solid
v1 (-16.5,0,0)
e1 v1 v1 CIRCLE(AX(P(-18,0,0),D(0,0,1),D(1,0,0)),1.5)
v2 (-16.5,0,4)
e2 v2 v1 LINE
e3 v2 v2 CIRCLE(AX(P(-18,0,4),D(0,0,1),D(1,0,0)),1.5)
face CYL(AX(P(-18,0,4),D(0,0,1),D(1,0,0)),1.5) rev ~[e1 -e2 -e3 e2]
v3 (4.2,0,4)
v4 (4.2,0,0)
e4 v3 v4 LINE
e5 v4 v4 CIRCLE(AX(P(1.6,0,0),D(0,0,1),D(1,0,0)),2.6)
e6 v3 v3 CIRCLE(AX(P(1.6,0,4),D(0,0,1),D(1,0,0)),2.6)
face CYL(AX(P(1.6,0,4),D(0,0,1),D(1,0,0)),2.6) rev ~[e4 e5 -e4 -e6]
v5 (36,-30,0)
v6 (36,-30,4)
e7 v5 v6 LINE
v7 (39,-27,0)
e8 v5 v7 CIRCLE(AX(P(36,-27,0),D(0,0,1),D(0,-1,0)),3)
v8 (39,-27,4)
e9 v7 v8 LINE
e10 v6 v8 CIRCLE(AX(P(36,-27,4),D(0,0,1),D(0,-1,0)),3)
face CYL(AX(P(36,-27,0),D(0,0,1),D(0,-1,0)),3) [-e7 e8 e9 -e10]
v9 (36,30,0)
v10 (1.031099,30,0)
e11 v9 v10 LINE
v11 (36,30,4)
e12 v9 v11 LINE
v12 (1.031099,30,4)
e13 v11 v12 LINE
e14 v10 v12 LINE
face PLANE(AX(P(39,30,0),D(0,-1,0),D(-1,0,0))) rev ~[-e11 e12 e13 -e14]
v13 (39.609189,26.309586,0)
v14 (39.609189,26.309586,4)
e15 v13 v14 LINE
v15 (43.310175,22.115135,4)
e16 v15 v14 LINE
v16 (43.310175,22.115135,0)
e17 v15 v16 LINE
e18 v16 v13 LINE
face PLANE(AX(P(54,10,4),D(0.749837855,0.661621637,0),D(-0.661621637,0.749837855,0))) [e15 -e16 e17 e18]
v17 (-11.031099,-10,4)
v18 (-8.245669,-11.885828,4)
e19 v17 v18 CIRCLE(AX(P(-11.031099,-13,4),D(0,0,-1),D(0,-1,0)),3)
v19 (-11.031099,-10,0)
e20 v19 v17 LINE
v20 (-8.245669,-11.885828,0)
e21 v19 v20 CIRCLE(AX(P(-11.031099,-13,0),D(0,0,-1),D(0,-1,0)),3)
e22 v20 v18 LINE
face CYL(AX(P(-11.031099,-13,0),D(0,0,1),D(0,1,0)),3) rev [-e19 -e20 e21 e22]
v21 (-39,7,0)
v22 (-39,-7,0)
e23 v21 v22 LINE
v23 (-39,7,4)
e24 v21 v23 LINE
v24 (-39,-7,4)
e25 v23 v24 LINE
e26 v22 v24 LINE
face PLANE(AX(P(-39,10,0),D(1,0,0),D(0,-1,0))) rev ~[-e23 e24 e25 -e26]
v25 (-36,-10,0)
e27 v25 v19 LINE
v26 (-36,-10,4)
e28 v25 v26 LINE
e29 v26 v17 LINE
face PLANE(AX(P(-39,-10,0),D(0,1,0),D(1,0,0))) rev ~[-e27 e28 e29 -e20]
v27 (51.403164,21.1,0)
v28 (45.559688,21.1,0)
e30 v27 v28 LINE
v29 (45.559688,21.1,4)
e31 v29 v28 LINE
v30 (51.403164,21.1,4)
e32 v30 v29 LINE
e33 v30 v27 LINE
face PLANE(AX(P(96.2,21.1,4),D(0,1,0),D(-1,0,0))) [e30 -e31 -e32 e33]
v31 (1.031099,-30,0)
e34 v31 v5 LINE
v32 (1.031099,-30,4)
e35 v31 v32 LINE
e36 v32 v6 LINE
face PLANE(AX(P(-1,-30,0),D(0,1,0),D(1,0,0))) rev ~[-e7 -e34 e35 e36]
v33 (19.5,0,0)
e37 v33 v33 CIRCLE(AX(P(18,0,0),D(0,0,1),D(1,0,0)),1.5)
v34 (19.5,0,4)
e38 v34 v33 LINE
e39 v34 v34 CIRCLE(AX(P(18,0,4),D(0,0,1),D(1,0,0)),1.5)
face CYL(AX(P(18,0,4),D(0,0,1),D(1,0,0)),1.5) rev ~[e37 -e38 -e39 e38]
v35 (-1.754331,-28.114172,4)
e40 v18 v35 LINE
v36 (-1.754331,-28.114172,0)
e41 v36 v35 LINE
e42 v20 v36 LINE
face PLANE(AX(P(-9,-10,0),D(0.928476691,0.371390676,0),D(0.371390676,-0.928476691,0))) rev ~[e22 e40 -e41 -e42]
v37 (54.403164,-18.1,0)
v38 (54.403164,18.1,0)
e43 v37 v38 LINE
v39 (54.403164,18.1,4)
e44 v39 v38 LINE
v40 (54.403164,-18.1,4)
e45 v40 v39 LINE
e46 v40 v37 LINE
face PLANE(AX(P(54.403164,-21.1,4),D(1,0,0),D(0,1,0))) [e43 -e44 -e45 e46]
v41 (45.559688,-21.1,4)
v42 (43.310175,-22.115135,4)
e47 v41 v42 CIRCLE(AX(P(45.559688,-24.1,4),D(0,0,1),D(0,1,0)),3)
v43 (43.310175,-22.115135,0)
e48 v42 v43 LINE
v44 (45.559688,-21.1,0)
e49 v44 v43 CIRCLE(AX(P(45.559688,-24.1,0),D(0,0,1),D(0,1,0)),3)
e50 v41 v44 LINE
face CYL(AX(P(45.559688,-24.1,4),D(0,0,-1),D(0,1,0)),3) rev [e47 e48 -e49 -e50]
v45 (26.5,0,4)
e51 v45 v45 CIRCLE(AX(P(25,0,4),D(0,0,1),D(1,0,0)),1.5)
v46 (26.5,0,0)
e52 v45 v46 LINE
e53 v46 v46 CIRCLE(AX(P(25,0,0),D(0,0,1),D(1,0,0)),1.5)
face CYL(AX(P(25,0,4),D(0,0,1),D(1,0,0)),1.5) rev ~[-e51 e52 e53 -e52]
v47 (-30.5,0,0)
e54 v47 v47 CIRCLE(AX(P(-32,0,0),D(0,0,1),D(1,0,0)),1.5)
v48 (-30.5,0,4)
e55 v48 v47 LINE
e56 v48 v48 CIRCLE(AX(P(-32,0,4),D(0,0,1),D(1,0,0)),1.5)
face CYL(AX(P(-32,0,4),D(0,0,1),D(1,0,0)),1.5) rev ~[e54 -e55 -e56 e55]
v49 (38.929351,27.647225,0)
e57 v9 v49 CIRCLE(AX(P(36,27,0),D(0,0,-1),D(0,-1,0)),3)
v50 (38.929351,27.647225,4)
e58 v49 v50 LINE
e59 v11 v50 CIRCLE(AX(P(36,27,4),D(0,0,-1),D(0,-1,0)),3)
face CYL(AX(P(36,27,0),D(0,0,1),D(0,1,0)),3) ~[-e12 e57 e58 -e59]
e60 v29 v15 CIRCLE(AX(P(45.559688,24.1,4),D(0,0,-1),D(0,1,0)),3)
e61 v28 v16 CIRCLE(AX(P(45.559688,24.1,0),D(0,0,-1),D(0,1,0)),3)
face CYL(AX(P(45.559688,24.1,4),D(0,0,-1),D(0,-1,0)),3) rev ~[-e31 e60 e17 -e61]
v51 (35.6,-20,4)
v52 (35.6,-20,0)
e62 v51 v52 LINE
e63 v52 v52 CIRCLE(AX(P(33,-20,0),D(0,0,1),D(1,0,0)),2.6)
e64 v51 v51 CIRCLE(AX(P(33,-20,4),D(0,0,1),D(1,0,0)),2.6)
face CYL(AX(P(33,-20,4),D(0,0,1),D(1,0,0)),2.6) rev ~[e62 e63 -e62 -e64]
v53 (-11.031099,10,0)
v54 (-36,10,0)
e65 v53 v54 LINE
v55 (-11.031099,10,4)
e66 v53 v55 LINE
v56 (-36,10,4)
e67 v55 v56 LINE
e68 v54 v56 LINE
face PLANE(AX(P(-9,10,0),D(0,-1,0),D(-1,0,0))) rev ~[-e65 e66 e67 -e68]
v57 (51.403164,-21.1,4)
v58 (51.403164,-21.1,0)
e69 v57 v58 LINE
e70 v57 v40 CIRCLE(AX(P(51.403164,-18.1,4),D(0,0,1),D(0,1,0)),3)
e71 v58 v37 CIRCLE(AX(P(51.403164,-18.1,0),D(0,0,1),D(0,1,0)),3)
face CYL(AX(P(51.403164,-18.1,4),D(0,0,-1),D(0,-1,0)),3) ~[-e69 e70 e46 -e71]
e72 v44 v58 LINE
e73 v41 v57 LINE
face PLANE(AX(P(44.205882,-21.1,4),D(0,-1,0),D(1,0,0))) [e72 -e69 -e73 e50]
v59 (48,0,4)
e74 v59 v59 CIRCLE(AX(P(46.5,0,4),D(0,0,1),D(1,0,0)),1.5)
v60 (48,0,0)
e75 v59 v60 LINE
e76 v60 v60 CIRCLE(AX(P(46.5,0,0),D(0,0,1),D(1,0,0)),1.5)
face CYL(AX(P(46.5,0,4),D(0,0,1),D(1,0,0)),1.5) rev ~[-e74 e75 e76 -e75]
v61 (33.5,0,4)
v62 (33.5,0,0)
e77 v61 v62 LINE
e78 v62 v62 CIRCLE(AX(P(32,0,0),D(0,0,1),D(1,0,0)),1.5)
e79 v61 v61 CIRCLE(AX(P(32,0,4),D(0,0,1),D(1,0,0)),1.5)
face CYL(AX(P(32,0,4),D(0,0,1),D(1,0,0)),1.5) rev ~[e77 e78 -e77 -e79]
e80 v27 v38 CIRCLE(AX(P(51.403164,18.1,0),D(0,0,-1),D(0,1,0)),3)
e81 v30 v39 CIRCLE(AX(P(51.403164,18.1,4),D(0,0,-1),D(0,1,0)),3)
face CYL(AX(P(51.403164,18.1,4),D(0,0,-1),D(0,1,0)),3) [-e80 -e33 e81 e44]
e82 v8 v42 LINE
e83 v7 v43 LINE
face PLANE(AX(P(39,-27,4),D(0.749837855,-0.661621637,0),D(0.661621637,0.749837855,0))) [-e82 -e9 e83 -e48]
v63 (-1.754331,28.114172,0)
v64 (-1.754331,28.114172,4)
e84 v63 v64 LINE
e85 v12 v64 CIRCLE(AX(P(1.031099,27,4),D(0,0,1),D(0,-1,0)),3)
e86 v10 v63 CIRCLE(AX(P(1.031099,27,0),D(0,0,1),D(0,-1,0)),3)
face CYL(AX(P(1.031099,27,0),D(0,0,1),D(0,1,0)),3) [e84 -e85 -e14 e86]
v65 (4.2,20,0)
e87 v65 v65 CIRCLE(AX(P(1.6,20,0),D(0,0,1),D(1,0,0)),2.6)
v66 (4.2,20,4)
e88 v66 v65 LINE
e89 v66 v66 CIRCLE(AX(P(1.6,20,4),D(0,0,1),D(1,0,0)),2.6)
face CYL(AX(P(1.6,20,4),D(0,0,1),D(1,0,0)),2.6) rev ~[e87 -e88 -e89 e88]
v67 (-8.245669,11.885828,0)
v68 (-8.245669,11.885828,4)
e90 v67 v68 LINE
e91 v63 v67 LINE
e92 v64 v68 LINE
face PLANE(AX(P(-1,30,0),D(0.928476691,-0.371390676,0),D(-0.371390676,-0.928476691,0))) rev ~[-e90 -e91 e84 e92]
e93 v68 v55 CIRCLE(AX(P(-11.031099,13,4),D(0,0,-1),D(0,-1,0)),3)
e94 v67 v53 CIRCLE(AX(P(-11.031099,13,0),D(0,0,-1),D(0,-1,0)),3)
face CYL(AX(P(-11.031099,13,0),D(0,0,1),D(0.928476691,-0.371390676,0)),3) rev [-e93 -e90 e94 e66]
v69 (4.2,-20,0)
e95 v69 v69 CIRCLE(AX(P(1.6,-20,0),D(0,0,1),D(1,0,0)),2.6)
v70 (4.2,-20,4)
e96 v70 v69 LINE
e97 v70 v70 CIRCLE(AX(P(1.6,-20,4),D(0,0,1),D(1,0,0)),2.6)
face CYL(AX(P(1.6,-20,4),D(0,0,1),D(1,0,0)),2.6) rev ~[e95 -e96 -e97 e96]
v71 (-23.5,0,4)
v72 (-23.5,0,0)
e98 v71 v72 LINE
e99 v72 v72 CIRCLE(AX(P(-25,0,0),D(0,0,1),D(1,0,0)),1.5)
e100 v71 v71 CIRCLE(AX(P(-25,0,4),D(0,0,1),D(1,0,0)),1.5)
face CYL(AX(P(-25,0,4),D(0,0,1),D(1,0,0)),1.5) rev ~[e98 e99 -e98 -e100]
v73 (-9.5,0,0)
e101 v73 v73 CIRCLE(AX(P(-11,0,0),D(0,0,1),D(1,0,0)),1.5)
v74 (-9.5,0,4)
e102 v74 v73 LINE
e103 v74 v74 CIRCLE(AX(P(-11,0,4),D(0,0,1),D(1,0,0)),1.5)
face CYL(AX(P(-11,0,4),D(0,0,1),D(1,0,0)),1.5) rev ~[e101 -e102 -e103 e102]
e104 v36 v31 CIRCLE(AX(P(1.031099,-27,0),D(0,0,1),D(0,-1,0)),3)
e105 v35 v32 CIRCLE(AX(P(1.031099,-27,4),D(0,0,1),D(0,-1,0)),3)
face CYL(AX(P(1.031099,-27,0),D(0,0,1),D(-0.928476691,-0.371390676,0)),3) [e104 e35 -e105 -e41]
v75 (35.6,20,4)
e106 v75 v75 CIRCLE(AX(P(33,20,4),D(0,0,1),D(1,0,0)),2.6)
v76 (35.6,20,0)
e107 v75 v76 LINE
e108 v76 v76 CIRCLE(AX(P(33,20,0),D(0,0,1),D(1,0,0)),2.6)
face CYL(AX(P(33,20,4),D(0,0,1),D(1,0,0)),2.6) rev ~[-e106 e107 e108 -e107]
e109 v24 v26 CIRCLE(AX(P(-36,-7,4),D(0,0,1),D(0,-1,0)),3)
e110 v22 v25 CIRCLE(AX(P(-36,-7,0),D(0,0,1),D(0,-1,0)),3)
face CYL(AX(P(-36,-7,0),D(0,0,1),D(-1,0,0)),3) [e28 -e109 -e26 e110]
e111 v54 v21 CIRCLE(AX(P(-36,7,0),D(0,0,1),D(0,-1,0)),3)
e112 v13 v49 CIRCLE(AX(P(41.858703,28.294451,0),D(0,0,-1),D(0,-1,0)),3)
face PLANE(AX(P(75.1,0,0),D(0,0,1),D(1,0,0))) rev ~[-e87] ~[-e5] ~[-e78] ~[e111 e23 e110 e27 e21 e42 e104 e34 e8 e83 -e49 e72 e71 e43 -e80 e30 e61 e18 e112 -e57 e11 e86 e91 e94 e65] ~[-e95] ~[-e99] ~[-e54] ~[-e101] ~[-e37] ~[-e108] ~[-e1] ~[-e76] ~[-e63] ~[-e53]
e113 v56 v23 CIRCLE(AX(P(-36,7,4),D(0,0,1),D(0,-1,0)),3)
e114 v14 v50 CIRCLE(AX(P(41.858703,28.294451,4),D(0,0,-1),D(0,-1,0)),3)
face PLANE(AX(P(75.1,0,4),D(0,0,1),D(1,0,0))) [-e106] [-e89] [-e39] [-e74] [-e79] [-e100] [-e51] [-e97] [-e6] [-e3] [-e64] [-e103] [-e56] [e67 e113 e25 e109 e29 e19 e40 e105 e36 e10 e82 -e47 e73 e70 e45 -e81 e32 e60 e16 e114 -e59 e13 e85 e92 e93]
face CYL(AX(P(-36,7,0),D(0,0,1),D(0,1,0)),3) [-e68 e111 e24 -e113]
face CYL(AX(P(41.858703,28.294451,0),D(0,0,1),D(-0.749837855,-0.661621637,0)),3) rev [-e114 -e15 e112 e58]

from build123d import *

# Parameters (mm, degrees)
BOSS_EXTRUDE1_DEPTH = 4
FILLET1_R           = 3
SKETCH3_R           = 2.6
CUT_EXTRUDE1_DEPTH  = 4
SKETCH4_R           = 1.5
CUT_EXTRUDE2_DEPTH  = 4
SKETCH5_W           = 15
SKETCH5_H           = 20
BOSS_EXTRUDE2_DEPTH = 4
BOSS_EXTRUDE3_DEPTH = 4
SKETCH7_R           = 1.5
CUT_EXTRUDE3_DEPTH  = 4
BOSS_EXTRUDE4_DEPTH = 4
SKETCH10_R          = 11.5
CUT_EXTRUDE4_DEPTH  = 4
SKETCH14_R          = 1.5
CUT_EXTRUDE5_DEPTH  = 4
FILLET2_R           = 3
SKETCH17_W          = 41.796836064
SKETCH17_H          = 42.2
CUT_EXTRUDE6_DEPTH  = 10
FILLET3_R           = 3


with BuildPart() as part:
    # Sketch1 → Boss-Extrude1 (new body)
    with BuildSketch(Plane.XY):
        Polygon((39, 10), (39, 30), (-1, 30), (-9, 10), (-39, 10), (-39, -10), (-9, -10), (-1, -30), (39, -30), (39, -10), align=None)
    extrude(amount=BOSS_EXTRUDE1_DEPTH)

    # Fillet1
    fillet1_edges = [part.edges().sort_by_distance(p)[0] for p in [
        (39, -30, 2),
        (-1, -30, 2),
        (-9, -10, 2),
        (-39, -10, 2),
        (-39, 10, 2),
        (-9, 10, 2),
        (-1, 30, 2),
        (39, 30, 2),
    ]]
    fillet(fillet1_edges, radius=FILLET1_R)

    # Sketch3 → Cut-Extrude1 (cut)
    with BuildSketch(Plane.XY.offset(4)):
        with Locations((33, 20)):
            Circle(SKETCH3_R)
        with Locations((1.6, 20)):
            Circle(SKETCH3_R)
        with Locations((33, -20)):
            Circle(SKETCH3_R)
        with Locations((1.6, -20)):
            Circle(SKETCH3_R)
        with Locations((1.6, 0)):
            Circle(SKETCH3_R)
    extrude(amount=-CUT_EXTRUDE1_DEPTH, mode=Mode.SUBTRACT)

    # Sketch4 → Cut-Extrude2 (cut)
    with BuildSketch(Plane.XY.offset(4)):
        with Locations((-32, 0)):
            Circle(SKETCH4_R)
        with Locations((-25, 0)):
            Circle(SKETCH4_R)
        with Locations((-18, 0)):
            Circle(SKETCH4_R)
        with Locations((-11, 0)):
            Circle(SKETCH4_R)
        with Locations((32, 0)):
            Circle(SKETCH4_R)
        with Locations((25, 0)):
            Circle(SKETCH4_R)
        with Locations((18, 0)):
            Circle(SKETCH4_R)
    extrude(amount=-CUT_EXTRUDE2_DEPTH, mode=Mode.SUBTRACT)

    # Sketch5 → Boss-Extrude2 (add)
    with BuildSketch(Plane.XY.offset(4)):
        with Locations((46.5, 0)):
            Rectangle(SKETCH5_W, SKETCH5_H)
    extrude(amount=-BOSS_EXTRUDE2_DEPTH)

    # Sketch6 → Boss-Extrude3 (add)
    with BuildSketch(Plane.XY.offset(4)):
        Polygon((39, 10), (54, 10), (39, 27), align=None)
        Polygon((54, -10), (39, -10), (39, -27), align=None)
    extrude(amount=-BOSS_EXTRUDE3_DEPTH)

    # Sketch7 → Cut-Extrude3 (cut)
    with BuildSketch(Plane.XY.offset(4)):
        with Locations((46.5, 0)):
            Circle(SKETCH7_R)
    extrude(amount=-CUT_EXTRUDE3_DEPTH, mode=Mode.SUBTRACT)

    # Sketch8 → Boss-Extrude4 (add)
    with BuildSketch(Plane.XY.offset(4)):
        Polygon((54, -10), (54, -21.1), (96.2, -21.1), (96.2, 21.1), (54, 21.1), (54, 10), align=None)
        Polygon((44.205882353, 21.1), (54, 10), (54, 21.1), align=None)
        Polygon((44.205882353, -21.1), (54, -21.1), (54, -10), align=None)
    extrude(amount=-BOSS_EXTRUDE4_DEPTH)

    # Sketch10 → Cut-Extrude4 (cut)
    with BuildSketch(Plane.XY.offset(4)):
        with Locations((74.8, 0)):
            Circle(SKETCH10_R)
    extrude(amount=-CUT_EXTRUDE4_DEPTH, mode=Mode.SUBTRACT)

    # Sketch14 → Cut-Extrude5 (cut)
    with BuildSketch(Plane.XY.offset(4)):
        with Locations((90.674547238, 15.874547238)):
            Circle(SKETCH14_R)
        with Locations((58.925452762, -15.874547238)):
            Circle(SKETCH14_R)
        with Locations((58.925452762, 15.874547238)):
            Circle(SKETCH14_R)
        with Locations((90.674547238, -15.874547238)):
            Circle(SKETCH14_R)
    extrude(amount=-CUT_EXTRUDE5_DEPTH, mode=Mode.SUBTRACT)

    # Fillet2
    fillet2_edges = [part.edges().sort_by_distance(p)[0] for p in [
        (96.2, -21.1, 2),
        (44.205882353, -21.1, 2),
        (44.205882353, 21.1, 2),
        (96.2, 21.1, 2),
        (39, 27, 2),
    ]]
    fillet(fillet2_edges, radius=FILLET2_R)

    # Sketch17 → Cut-Extrude6 (cut)
    with BuildSketch(Plane.XY.offset(4)):
        with Locations((75.301581968, 0)):
            Rectangle(SKETCH17_W, SKETCH17_H)
    extrude(amount=-CUT_EXTRUDE6_DEPTH, mode=Mode.SUBTRACT)

    # Fillet3
    fillet3_edges = [part.edges().sort_by_distance(p)[0] for p in [
        (54.403163936, -21.1, 2),
        (54.403163936, 21.1, 2),
    ]]
    fillet(fillet3_edges, radius=FILLET3_R)


solid = part.part
